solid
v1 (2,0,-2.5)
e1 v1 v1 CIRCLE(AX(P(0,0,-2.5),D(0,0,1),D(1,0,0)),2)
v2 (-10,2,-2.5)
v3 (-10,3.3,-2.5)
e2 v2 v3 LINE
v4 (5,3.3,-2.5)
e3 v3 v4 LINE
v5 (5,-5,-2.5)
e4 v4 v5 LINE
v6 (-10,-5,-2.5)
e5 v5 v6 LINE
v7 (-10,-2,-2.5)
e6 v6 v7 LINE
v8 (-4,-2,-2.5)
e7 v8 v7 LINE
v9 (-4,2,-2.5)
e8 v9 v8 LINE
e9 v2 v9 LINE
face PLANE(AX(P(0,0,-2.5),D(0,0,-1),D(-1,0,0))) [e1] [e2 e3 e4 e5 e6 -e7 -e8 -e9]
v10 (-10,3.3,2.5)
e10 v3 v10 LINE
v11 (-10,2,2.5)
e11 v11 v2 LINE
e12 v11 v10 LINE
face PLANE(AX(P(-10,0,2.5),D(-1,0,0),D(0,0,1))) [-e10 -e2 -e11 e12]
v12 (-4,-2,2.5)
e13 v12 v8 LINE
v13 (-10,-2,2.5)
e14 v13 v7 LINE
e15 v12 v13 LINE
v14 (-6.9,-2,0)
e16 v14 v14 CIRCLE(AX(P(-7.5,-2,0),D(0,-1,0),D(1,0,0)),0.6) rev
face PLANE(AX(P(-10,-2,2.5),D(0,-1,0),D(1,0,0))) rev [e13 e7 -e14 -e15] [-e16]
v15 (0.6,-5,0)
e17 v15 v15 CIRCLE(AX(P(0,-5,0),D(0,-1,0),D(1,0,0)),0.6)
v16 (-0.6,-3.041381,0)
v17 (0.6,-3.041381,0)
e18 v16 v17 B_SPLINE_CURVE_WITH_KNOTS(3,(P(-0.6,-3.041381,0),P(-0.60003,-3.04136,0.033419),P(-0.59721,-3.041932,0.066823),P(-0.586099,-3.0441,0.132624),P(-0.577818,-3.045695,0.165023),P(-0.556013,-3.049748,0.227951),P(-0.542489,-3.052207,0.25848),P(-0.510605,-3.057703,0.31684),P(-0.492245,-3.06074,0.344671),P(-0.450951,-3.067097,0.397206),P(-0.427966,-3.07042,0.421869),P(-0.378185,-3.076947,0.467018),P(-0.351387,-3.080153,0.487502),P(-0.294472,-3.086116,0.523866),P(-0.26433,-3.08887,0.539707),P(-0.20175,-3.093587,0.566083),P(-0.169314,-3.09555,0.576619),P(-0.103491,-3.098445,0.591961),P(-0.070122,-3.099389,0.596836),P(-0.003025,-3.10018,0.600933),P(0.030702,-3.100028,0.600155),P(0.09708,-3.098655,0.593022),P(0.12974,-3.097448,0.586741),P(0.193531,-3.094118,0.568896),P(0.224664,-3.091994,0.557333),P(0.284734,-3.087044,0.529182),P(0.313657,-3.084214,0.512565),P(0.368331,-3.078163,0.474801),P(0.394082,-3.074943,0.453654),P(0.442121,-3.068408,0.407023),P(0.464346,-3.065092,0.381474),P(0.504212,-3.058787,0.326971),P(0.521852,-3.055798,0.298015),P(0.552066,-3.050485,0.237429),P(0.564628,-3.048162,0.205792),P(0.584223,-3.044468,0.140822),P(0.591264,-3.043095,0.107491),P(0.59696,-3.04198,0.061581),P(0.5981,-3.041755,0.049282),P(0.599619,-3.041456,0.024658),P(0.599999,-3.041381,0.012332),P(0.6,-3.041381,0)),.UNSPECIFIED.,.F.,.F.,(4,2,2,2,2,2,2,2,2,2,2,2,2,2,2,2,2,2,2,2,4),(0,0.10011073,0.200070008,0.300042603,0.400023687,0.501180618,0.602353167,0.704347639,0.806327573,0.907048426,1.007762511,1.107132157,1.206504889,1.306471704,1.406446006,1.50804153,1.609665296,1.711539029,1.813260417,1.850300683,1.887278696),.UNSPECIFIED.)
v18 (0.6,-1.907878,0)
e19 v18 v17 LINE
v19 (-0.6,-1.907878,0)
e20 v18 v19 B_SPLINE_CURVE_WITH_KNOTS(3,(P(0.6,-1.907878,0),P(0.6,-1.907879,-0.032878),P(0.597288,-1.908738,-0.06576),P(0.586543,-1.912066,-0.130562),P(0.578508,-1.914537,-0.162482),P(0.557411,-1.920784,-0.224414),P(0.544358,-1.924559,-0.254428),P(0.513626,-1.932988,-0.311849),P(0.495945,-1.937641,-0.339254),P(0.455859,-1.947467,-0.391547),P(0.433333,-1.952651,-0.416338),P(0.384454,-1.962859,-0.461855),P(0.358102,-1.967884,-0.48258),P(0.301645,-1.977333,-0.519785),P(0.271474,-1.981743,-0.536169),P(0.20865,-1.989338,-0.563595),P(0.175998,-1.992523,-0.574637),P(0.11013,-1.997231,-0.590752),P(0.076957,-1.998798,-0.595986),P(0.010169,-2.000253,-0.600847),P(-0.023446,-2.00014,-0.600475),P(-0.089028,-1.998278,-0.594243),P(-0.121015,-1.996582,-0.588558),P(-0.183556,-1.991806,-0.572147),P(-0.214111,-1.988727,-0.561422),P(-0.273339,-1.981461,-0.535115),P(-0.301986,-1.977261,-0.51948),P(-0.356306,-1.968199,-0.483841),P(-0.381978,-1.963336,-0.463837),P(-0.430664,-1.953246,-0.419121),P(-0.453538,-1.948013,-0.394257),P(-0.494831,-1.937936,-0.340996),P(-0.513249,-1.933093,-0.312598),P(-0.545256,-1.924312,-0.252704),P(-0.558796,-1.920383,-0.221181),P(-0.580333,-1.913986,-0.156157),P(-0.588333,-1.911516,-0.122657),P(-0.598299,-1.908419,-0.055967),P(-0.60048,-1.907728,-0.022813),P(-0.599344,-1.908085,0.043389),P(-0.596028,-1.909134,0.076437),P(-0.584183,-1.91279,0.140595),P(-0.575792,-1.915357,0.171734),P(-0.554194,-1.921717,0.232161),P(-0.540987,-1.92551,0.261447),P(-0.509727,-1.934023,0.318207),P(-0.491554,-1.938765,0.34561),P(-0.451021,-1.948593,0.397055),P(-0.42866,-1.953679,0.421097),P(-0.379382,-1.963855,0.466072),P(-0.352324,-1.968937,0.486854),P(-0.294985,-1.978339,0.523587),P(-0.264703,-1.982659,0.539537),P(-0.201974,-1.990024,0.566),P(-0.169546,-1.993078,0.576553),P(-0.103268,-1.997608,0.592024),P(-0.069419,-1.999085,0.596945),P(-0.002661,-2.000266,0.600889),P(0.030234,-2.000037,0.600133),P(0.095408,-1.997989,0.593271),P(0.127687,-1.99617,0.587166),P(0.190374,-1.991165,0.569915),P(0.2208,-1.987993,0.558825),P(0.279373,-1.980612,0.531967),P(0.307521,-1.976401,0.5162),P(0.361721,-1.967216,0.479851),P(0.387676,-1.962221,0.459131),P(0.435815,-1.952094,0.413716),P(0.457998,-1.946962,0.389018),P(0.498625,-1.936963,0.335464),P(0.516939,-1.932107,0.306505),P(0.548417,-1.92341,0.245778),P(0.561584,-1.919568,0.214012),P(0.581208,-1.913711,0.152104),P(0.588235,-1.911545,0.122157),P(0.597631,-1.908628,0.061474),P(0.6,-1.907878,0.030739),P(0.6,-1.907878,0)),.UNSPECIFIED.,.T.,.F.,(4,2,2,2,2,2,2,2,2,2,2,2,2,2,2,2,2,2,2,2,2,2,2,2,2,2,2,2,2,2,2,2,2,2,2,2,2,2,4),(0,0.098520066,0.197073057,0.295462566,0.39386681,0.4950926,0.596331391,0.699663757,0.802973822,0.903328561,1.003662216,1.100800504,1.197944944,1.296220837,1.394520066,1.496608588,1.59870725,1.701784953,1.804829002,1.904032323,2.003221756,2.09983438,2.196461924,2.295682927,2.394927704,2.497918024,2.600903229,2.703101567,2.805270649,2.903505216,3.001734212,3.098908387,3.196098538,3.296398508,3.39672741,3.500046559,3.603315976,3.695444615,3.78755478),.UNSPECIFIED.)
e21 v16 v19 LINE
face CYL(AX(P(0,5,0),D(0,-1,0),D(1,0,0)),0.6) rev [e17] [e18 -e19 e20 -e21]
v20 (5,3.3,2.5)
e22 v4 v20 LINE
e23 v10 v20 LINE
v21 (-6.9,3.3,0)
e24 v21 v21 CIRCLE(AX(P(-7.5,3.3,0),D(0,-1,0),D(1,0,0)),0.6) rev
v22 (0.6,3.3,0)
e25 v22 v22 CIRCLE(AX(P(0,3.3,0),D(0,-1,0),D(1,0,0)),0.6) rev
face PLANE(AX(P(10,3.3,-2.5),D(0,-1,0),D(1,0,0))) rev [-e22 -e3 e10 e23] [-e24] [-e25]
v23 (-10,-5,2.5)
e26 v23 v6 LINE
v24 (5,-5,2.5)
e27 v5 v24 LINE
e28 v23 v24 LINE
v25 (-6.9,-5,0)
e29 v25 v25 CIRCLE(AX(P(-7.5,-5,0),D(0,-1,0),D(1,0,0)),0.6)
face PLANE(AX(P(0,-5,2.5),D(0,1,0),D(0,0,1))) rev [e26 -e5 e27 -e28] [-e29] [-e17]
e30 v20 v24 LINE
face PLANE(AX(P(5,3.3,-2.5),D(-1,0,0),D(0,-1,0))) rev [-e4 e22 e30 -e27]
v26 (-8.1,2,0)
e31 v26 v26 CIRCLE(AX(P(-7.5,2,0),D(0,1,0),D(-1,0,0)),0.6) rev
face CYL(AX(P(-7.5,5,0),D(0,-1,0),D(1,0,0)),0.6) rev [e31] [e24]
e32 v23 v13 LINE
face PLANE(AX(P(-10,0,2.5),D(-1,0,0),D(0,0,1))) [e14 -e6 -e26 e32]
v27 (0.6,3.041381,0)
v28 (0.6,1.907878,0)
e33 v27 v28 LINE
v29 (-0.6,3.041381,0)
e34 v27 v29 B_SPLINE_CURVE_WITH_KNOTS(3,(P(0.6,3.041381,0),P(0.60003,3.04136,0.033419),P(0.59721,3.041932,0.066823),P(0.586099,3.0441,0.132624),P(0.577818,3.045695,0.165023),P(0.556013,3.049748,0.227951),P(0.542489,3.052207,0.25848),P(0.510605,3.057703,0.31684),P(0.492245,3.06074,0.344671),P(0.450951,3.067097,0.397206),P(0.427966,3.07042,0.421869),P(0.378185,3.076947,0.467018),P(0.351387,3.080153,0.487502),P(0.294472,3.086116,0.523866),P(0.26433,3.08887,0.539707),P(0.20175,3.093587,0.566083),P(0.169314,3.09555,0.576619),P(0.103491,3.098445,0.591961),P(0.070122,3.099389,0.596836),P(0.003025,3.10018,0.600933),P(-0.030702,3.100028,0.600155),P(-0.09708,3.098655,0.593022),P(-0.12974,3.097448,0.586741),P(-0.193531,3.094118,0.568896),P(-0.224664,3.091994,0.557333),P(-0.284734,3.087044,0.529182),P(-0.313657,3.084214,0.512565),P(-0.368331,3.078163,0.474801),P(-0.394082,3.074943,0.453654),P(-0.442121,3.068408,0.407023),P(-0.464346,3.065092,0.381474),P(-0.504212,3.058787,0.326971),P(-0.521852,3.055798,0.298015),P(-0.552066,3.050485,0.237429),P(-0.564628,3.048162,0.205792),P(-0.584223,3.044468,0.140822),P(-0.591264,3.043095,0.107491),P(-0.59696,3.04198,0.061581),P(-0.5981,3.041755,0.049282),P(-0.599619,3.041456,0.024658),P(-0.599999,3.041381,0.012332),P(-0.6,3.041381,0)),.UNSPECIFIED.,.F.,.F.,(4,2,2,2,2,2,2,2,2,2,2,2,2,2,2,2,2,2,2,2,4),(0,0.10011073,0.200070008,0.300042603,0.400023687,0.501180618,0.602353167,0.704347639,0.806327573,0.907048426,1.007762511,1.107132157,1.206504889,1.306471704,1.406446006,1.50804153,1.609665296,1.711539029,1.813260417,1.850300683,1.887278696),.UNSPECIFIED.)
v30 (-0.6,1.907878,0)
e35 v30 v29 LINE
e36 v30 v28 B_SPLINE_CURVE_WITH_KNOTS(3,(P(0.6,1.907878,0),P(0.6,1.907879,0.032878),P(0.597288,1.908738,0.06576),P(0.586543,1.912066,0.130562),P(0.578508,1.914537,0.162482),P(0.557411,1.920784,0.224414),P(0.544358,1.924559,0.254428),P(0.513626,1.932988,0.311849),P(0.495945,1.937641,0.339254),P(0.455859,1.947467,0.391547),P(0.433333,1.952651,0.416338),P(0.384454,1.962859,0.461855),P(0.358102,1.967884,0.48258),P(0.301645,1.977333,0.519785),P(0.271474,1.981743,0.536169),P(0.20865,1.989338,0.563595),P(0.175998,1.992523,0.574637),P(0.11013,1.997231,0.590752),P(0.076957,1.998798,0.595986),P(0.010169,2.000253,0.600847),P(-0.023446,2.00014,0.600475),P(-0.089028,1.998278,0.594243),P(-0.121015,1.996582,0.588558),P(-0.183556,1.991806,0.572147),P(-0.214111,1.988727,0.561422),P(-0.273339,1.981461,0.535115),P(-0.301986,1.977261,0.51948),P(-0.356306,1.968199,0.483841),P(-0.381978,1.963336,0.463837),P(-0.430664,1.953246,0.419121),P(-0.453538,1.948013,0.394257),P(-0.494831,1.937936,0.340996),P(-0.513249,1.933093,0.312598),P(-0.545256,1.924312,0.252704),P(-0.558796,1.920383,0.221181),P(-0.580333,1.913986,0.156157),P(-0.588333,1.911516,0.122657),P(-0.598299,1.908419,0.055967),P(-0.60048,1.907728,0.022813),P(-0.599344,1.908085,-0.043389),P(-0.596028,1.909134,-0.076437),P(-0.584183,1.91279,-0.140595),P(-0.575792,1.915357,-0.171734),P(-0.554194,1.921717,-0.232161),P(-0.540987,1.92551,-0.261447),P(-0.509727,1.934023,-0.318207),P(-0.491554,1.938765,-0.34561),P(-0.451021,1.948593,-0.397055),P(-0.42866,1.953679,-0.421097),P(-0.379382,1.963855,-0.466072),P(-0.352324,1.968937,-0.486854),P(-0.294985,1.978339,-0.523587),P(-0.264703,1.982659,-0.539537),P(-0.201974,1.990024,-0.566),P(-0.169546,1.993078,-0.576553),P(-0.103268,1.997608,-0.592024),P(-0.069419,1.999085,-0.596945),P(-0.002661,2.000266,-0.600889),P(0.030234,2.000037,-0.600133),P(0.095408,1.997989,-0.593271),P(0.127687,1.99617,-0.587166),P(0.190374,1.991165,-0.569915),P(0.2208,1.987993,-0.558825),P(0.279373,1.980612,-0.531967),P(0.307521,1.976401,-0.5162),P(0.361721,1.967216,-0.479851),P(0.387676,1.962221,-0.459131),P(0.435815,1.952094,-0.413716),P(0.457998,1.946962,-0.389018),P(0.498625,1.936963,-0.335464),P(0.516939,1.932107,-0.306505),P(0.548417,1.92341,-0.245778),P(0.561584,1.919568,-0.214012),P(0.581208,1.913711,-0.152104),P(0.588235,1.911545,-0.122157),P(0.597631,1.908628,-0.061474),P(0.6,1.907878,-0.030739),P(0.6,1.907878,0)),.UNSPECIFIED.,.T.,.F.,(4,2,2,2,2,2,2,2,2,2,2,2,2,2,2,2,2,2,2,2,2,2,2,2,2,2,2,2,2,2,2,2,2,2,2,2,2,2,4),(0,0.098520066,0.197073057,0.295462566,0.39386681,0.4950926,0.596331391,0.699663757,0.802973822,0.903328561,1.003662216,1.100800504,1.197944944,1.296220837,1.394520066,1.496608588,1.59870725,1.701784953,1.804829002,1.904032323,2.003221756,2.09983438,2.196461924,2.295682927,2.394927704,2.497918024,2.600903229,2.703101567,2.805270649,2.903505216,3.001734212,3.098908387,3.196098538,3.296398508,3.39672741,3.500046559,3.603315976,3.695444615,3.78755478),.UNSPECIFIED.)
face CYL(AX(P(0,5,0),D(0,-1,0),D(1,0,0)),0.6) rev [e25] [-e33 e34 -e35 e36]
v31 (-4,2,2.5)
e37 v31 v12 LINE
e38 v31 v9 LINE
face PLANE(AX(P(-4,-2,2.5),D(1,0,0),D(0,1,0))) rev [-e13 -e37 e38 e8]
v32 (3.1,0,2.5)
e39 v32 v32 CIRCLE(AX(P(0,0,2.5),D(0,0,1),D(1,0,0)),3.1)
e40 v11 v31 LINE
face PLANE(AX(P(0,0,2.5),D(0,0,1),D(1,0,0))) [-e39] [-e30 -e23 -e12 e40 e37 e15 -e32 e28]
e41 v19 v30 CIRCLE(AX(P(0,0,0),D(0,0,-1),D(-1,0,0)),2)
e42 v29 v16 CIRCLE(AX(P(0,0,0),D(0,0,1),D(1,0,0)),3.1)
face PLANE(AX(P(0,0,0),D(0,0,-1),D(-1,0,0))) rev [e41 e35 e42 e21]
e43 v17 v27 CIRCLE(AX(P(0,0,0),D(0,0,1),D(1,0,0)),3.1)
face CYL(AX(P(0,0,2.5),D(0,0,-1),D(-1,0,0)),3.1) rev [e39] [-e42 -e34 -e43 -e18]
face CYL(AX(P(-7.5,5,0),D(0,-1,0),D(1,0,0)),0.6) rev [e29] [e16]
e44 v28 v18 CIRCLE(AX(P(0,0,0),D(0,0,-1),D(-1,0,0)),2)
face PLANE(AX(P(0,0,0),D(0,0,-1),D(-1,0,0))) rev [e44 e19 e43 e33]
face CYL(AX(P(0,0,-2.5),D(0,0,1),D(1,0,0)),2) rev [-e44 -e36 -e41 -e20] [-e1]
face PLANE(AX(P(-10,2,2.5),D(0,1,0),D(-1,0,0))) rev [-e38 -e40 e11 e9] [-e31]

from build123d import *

# Parameters (mm, degrees)
SKETCH_1_W          = 20
SKETCH_1_H          = 10
SKETCH_1_R          = 3.1
EXTRUDE_1_DEPTH     = 2.5
SKETCH_2_W          = 20
SKETCH_2_H          = 10
EXTRUDE_2_DEPTH     = 2.5
SKETCH_3_R          = 0.6
CUT_EXTRUDE_1_DEPTH = 15.361406616
SKETCH_4_W          = 6
SKETCH_4_H          = 4
CUT_EXTRUDE_2_DEPTH = 13.247448796
SKETCH_5_R          = 2
CUT_EXTRUDE_3_DEPTH = 13.247448755
SKETCH_6_W          = 20
SKETCH_6_H          = 1.7
CUT_EXTRUDE_4_DEPTH = 13.247448796
SKETCH_7_W          = 5
SKETCH_7_H          = 8.3
CUT_EXTRUDE_5_DEPTH = 13.247448796


with BuildPart() as part:
    # 草图1 → 凸台-拉伸1 (new body)
    with BuildSketch(Plane.XY):
        Rectangle(SKETCH_1_W, SKETCH_1_H)
        Circle(SKETCH_1_R, mode=Mode.SUBTRACT)
    extrude(amount=EXTRUDE_1_DEPTH)

    # 草图2 → 凸台-拉伸2 (add)
    with BuildSketch(Plane(origin=(0, 0, 0), x_dir=(-1, 0, 0), z_dir=(0, 0, -1))):
        Rectangle(SKETCH_2_W, SKETCH_2_H)
    extrude(amount=EXTRUDE_2_DEPTH)

    # 草图3 → 切除-拉伸1 (cut, through all)
    with BuildSketch(Plane.XZ.offset(5)):
        with Locations((-7.5, 0)):
            Circle(SKETCH_3_R)
        Circle(SKETCH_3_R)
    extrude(amount=-CUT_EXTRUDE_1_DEPTH, mode=Mode.SUBTRACT)

    # 草图4 → 切除-拉伸2 (cut, through all)
    with BuildSketch(Plane(origin=(0, 0, -2.5), x_dir=(-1, 0, 0), z_dir=(0, 0, -1))):
        with Locations((7, 0)):
            Rectangle(SKETCH_4_W, SKETCH_4_H)
    extrude(amount=-CUT_EXTRUDE_2_DEPTH, mode=Mode.SUBTRACT)

    # 草图5 → 切除-拉伸3 (cut, through all)
    with BuildSketch(Plane.XY.offset(2.5)):
        Circle(SKETCH_5_R)
    extrude(amount=-CUT_EXTRUDE_3_DEPTH, mode=Mode.SUBTRACT)

    # 草图6 → 切除-拉伸4 (cut, through all)
    with BuildSketch(Plane.XY.offset(2.5)):
        with Locations((0, 4.15)):
            Rectangle(SKETCH_6_W, SKETCH_6_H)
    extrude(amount=-CUT_EXTRUDE_4_DEPTH, mode=Mode.SUBTRACT)

    # 草图7 → 切除-拉伸5 (cut, through all)
    with BuildSketch(Plane.XY.offset(2.5)):
        with Locations((7.5, -0.85)):
            Rectangle(SKETCH_7_W, SKETCH_7_H)
    extrude(amount=-CUT_EXTRUDE_5_DEPTH, mode=Mode.SUBTRACT)


solid = part.part
